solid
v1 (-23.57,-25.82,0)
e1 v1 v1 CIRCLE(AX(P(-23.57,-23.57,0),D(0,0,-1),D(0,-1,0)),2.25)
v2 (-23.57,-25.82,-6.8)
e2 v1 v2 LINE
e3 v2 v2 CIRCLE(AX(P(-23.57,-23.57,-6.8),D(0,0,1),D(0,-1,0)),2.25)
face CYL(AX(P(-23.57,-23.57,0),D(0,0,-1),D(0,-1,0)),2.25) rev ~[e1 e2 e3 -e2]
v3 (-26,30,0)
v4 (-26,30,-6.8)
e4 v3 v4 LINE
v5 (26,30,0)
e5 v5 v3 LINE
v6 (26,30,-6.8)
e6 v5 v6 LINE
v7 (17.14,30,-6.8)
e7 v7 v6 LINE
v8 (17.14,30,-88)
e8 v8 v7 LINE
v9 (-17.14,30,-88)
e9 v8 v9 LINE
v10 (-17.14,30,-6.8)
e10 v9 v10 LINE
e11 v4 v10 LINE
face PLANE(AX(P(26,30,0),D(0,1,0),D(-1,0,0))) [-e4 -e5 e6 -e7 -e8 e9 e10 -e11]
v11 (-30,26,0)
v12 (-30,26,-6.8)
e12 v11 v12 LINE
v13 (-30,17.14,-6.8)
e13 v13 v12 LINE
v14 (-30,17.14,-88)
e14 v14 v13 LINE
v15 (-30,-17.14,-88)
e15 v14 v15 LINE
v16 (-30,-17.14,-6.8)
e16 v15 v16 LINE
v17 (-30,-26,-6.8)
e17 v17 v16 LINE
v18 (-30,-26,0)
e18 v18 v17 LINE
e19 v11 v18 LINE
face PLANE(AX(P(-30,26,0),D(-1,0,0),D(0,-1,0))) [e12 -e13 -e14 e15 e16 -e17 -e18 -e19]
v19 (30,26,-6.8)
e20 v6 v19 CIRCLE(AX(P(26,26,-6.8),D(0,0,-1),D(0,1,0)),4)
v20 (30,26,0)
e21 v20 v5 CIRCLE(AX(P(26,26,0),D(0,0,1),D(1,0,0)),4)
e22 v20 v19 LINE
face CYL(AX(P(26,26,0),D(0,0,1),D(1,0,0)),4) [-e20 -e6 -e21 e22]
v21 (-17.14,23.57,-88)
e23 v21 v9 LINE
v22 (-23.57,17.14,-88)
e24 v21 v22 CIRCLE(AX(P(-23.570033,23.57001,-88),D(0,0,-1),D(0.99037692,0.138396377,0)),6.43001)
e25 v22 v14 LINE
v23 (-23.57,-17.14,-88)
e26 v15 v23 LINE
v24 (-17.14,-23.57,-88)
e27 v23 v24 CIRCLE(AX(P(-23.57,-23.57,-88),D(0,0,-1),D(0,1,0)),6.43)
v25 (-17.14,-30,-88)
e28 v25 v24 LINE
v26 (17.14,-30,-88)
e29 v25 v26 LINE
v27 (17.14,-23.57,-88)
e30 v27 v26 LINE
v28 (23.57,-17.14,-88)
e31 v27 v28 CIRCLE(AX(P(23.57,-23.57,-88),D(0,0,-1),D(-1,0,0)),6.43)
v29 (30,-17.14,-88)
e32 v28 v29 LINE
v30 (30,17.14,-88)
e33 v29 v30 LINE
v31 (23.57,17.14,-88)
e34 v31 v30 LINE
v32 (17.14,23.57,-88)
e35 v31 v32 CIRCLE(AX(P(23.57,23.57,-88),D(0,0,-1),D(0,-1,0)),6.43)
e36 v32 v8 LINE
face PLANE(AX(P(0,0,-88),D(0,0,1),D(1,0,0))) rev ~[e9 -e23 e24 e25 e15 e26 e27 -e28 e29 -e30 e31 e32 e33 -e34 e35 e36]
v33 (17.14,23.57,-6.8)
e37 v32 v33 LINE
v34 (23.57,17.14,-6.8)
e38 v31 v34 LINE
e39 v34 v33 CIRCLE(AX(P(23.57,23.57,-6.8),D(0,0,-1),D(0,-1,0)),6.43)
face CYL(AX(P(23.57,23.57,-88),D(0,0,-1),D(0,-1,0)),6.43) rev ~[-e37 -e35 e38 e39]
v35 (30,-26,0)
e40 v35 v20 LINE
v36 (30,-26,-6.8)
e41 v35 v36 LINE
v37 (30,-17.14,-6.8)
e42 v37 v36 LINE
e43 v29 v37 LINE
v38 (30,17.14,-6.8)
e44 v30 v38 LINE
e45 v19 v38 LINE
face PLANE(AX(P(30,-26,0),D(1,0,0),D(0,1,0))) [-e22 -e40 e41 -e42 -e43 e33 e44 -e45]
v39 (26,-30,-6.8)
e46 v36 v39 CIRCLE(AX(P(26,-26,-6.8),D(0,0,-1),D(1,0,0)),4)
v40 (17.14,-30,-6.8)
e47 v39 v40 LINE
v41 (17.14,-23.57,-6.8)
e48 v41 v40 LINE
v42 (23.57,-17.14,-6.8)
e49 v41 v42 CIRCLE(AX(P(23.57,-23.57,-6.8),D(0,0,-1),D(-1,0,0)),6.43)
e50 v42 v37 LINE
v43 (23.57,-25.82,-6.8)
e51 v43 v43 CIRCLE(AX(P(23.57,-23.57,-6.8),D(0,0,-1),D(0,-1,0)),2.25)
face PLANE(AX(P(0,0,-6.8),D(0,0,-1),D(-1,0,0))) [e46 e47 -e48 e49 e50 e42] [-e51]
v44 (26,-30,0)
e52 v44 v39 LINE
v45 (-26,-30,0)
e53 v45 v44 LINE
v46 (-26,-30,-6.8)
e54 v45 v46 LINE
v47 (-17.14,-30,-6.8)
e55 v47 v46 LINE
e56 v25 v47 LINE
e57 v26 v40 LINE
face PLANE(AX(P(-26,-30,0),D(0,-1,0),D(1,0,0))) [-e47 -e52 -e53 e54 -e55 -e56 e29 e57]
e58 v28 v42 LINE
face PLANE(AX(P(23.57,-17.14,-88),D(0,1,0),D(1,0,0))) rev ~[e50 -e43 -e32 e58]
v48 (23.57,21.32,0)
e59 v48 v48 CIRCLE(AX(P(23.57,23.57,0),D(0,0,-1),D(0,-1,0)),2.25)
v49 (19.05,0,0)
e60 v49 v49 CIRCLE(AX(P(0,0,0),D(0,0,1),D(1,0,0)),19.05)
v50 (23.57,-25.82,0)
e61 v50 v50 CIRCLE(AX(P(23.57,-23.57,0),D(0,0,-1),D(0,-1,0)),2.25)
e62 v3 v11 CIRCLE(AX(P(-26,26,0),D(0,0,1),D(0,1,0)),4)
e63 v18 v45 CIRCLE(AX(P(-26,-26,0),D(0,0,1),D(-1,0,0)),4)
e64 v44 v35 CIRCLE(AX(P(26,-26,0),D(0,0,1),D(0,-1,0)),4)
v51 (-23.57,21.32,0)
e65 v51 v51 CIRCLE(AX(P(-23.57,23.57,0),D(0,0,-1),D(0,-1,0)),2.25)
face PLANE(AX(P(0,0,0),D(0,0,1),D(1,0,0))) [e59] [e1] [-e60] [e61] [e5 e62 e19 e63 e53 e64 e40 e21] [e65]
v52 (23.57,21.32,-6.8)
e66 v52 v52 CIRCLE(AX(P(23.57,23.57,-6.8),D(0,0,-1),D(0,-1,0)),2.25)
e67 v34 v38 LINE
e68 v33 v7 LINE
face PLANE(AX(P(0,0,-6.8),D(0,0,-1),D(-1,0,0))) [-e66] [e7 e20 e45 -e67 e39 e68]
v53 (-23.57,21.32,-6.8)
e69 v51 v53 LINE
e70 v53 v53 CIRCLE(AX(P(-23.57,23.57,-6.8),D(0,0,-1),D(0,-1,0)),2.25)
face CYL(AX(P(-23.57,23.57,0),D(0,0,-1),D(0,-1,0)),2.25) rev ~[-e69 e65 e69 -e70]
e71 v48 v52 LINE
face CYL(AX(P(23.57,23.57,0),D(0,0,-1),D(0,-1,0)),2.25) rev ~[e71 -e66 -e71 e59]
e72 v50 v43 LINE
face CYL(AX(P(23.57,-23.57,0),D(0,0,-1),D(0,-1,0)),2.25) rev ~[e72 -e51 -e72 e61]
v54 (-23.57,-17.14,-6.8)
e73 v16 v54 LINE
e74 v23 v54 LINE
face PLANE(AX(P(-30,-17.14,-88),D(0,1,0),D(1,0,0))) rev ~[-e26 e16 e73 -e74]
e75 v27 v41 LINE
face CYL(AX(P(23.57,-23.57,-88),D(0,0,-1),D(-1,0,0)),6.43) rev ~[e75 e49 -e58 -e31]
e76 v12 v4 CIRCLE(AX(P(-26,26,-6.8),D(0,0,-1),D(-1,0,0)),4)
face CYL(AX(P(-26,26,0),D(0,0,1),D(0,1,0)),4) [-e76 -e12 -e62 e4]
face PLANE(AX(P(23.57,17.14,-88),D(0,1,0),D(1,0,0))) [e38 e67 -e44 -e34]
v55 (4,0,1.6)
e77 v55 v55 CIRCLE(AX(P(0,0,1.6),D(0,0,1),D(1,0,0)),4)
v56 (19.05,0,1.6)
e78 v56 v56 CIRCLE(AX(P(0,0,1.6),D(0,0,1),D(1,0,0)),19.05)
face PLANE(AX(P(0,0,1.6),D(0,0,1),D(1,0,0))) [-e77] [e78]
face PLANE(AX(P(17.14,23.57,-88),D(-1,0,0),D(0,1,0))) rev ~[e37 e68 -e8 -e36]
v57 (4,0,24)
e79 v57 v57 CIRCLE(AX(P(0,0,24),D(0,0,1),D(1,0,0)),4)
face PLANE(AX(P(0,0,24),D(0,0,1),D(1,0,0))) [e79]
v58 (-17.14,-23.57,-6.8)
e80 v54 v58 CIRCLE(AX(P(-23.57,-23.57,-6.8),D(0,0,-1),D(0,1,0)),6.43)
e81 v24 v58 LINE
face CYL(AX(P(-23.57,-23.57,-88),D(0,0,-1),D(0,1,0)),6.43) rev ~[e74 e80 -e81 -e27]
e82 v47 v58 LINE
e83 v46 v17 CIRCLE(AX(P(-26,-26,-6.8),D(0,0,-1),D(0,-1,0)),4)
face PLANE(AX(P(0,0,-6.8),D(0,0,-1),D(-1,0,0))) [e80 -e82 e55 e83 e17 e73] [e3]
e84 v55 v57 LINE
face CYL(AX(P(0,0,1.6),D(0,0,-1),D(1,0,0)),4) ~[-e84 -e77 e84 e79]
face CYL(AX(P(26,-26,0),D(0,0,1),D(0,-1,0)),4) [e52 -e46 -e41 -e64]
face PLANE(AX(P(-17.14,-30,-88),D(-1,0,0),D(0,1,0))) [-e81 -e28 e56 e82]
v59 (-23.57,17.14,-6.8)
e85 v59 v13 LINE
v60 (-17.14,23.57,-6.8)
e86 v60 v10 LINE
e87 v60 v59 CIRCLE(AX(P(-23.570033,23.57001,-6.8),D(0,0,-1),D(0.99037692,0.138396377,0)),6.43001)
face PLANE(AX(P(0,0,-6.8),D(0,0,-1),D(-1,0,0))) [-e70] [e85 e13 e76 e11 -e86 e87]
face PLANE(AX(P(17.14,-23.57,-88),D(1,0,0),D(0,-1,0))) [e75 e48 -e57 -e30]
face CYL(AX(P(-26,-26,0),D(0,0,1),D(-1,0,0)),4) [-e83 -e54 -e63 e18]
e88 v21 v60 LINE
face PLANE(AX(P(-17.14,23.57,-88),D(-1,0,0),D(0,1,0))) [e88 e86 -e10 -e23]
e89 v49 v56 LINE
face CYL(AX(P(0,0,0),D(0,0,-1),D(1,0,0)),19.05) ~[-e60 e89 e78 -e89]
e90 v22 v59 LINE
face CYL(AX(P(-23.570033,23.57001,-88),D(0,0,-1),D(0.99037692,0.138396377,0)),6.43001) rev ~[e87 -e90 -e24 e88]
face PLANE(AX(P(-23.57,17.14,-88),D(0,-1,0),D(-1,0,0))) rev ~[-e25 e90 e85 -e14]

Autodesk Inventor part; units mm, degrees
ref_plane "YZ Plane" through (0, 0, 0) normal (1, 0, 0) x (0, 1, 0)
ref_plane "XZ Plane" through (0, 0, 0) normal (0, 1, 0) x (-1, 0, 0)
ref_plane "XY Plane" through (0, 0, 0) normal (0, 0, 1) x (1, 0, 0)
sketch "Skizze1" plane through (0, 0, 0) normal (0, 0, 1) x (1, 0, 0)
  line L0 (-26, -30) -> (26, -30)
  line L1 (30, -26) -> (30, 26)
  line L2 (26, 30) -> (-26, 30)
  line L3 (-30, 26) -> (-30, -26)
  line L4 (-30, -30) -> (30, 30) construction
  line L5 (30, -30) -> (-30, 30) construction
  arc A0 (30, 26) -> (26, 30) centre (26, 26) ccw
  arc A1 (26, -30) -> (30, -26) centre (26, -26) ccw
  arc A2 (-30, -26) -> (-26, -30) centre (-26, -26) ccw
  arc A3 (-26, 30) -> (-30, 26) centre (-26, 26) ccw
  point P0 (0, 0)
  dimension "d0" = 4
  dimension "d1" = 60
extrude "Extrusion1" add sketch "Skizze1" against normal blind 88
sketch "Skizze2" plane through (0, 0, 0) normal (0, 0, 1) x (1, 0, 0)
  circle A0 centre (0, 0) radius 19.05
  dimension "d4" = 38.1
extrude "Extrusion2" add sketch "Skizze2" along normal blind 1.6
sketch "Skizze4" plane through (0, 0, 0) normal (0, 0, 1) x (1, 0, 0)
  circle A0 centre (0, 0) radius 19.05 projected
  line L0 (30, 26) -> (30, -26) projected
  arc A1 (30, 26) -> (26, 30) centre (26, 26) ccw projected
  line L1 (-26, 30) -> (26, 30) projected
  arc A2 (-26, 30) -> (-30, 26) centre (-26, 26) ccw projected
  line L2 (-30, -26) -> (-30, 26) projected
  arc A3 (-30, -26) -> (-26, -30) centre (-26, -26) ccw projected
  line L3 (26, -30) -> (-26, -30) projected
  arc A4 (26, -30) -> (30, -26) centre (26, -26) ccw projected
  line L4 (26, -26) -> (-26, 26) construction
  line L5 (-23.57, 23.57) -> (23.57, 23.57) construction
  line L6 (23.57, 23.57) -> (23.57, -23.57) construction
  line L7 (23.57, -23.57) -> (-23.57, -23.57) construction
  line L8 (-23.57, -23.57) -> (-23.57, 23.57) construction
  line L9 (-23.57, 23.57) -> (23.57, -23.57) construction
  line L10 (23.57, 23.57) -> (-23.57, -23.57) construction
  dimension "d15" = 47.14
hole "Bohrung1" at (23.57, 23.57, 0) at (-23.57, 23.57, 0) at (-23.57, -23.57, 0) at (23.57, -23.57, 0) direction (0, 0, -1) diameter 4.5 end through all
sketch "Skizze5" plane through (0, 0, 1.6) normal (0, 0, 1) x (1, 0, 0)
  circle A0 centre (0, 0) radius 4
  dimension "d23" = 8
extrude "Extrusion4" add sketch "Skizze5" along normal blind 22.4
sketch "Skizze7" plane through (0, 0, -88) normal (0, 0, -1) x (-1, 0, 0)
  circle A0 centre (23.57, -23.57) radius 2.25 projected
  circle A1 centre (-23.57, 23.57) radius 2.25 projected
  circle A2 centre (23.57, 23.57) radius 2.25 projected
  circle A3 centre (-23.57, -23.57) radius 2.25 projected
  line L0 (-30, 26) -> (-30, -26) projected
  arc A4 (-30, -26) -> (-26, -30) centre (-26, -26) ccw projected
  line L1 (-26, -30) -> (26, -30) projected
  arc A5 (26, -30) -> (30, -26) centre (26, -26) ccw projected
  line L2 (30, -26) -> (30, 26) projected
  arc A6 (30, 26) -> (26, 30) centre (26, 26) ccw projected
  line L3 (26, 30) -> (-26, 30) projected
  arc A7 (-26, 30) -> (-30, 26) centre (-26, 26) ccw projected
  circle A8 centre (23.57, -23.57) radius 6.43 construction
  line L4 (30, -26) -> (30, 26) projected
  line L5 (30, -17.14) -> (23.57, -17.14)
  line L6 (-26, -30) -> (26, -30) projected
  line L7 (17.14, -30) -> (17.14, -23.57)
  arc A9 (23.57, -17.14) -> (17.14, -23.57) centre (23.57, -23.57) ccw
  arc A10 (-17.14, -23.57) -> (-23.57, -17.14) centre (-23.57, -23.57) ccw
  arc A11 (17.2019, 24.4599) -> (23.57, 17.14) centre (23.57, 23.57) ccw
  arc A12 (-23.57, 17.14) -> (-17.14, 23.57) centre (-23.57, 23.57) ccw
  line L8 (23.57, 17.14) -> (30, 17.14)
  line L9 (17.14, 23.57) -> (17.14, 30)
  line L10 (26, 30) -> (-26, 30) projected
  line L11 (-17.14, 23.57) -> (-17.14, 30)
  line L12 (-23.57, 17.14) -> (-30, 17.14)
  line L13 (-23.57, -17.14) -> (-30, -17.14)
  line L14 (-17.14, -23.57) -> (-17.14, -30)
  point P0 (0, 0)
extrude "Extrusion6" cut sketch "Skizze7" against normal blind 81.2 contours A7 L3 L11 A12 L12 L0 | L13 A10 L14 L1 A4 L0 | L3 A6 L2 L8 A11 L9 | L7 A9 L5 L2 A5 L1
sketch "Skizze8" plane through (0, 0, -88) normal (0, 0, -1) x (-1, 0, 0)
  circle A0 centre (23.57, -23.57) radius 2.25 construction
  circle A1 centre (-23.57, 23.57) radius 2.25 construction
  circle A2 centre (23.57, 23.57) radius 2.25 construction
  circle A3 centre (-23.57, -23.57) radius 2.25 construction
  circle A4 centre (0, 0) radius 19.05 construction
  line L0 (-30, 26) -> (-30, -26) construction
  arc A5 (-26, 30) -> (-30, 26) centre (-26, 26) ccw construction
  line L1 (26, 30) -> (-26, 30) construction
  arc A6 (30, 26) -> (26, 30) centre (26, 26) ccw construction
  line L2 (30, -26) -> (30, 26) construction
  arc A7 (26, -30) -> (30, -26) centre (26, -26) ccw construction
  line L3 (-26, -30) -> (26, -30) construction
  arc A8 (-30, -26) -> (-26, -30) centre (-26, -26) ccw construction
  circle A9 centre (0, 0) radius 42.4264 construction
  line L4 (30, 30) -> (-30, 30) construction
  line L5 (-30, 30) -> (-30, -30) construction
  line L6 (-30, -30) -> (30, -30) construction
  line L7 (30, -30) -> (30, 30) construction
  line L8 (30, 30) -> (-30, -30) construction
  line L9 (-30, 30) -> (30, -30) construction
  line L10 (-17.14, -30) -> (17.14, -30) construction
  line L11 (-30, 17.14) -> (-30, -17.14) construction
equation "\"d1\" = breite"
equation "\"d2\" = Laenge"
equation "\"d4\" = fit"
equation "\"d5\" = fit_l"
equation "\"d15\" = lochabstand"
equation "\"d16\" = bohrung_d"
equation "\"d23\" = schaft_d"
equation "\"d24\" = schaft_l"
equation "\"d28\" = Laenge - Mount_l"
equation "\"breite\" = 60"
equation "\"lochabstand\" = 47.14"
equation "\"schaft_d\" = 8"
equation "\"fit\" = 38.1"
equation "\"fit_l\" = 1.6"
equation "\"Mount_l\" = 6.8"
equation "\"Laenge\" = 88"
equation "\"bohrung_d\" = 4.5"
equation "\"schaft_l\" = 22.4"
properties part number "Nema24"
